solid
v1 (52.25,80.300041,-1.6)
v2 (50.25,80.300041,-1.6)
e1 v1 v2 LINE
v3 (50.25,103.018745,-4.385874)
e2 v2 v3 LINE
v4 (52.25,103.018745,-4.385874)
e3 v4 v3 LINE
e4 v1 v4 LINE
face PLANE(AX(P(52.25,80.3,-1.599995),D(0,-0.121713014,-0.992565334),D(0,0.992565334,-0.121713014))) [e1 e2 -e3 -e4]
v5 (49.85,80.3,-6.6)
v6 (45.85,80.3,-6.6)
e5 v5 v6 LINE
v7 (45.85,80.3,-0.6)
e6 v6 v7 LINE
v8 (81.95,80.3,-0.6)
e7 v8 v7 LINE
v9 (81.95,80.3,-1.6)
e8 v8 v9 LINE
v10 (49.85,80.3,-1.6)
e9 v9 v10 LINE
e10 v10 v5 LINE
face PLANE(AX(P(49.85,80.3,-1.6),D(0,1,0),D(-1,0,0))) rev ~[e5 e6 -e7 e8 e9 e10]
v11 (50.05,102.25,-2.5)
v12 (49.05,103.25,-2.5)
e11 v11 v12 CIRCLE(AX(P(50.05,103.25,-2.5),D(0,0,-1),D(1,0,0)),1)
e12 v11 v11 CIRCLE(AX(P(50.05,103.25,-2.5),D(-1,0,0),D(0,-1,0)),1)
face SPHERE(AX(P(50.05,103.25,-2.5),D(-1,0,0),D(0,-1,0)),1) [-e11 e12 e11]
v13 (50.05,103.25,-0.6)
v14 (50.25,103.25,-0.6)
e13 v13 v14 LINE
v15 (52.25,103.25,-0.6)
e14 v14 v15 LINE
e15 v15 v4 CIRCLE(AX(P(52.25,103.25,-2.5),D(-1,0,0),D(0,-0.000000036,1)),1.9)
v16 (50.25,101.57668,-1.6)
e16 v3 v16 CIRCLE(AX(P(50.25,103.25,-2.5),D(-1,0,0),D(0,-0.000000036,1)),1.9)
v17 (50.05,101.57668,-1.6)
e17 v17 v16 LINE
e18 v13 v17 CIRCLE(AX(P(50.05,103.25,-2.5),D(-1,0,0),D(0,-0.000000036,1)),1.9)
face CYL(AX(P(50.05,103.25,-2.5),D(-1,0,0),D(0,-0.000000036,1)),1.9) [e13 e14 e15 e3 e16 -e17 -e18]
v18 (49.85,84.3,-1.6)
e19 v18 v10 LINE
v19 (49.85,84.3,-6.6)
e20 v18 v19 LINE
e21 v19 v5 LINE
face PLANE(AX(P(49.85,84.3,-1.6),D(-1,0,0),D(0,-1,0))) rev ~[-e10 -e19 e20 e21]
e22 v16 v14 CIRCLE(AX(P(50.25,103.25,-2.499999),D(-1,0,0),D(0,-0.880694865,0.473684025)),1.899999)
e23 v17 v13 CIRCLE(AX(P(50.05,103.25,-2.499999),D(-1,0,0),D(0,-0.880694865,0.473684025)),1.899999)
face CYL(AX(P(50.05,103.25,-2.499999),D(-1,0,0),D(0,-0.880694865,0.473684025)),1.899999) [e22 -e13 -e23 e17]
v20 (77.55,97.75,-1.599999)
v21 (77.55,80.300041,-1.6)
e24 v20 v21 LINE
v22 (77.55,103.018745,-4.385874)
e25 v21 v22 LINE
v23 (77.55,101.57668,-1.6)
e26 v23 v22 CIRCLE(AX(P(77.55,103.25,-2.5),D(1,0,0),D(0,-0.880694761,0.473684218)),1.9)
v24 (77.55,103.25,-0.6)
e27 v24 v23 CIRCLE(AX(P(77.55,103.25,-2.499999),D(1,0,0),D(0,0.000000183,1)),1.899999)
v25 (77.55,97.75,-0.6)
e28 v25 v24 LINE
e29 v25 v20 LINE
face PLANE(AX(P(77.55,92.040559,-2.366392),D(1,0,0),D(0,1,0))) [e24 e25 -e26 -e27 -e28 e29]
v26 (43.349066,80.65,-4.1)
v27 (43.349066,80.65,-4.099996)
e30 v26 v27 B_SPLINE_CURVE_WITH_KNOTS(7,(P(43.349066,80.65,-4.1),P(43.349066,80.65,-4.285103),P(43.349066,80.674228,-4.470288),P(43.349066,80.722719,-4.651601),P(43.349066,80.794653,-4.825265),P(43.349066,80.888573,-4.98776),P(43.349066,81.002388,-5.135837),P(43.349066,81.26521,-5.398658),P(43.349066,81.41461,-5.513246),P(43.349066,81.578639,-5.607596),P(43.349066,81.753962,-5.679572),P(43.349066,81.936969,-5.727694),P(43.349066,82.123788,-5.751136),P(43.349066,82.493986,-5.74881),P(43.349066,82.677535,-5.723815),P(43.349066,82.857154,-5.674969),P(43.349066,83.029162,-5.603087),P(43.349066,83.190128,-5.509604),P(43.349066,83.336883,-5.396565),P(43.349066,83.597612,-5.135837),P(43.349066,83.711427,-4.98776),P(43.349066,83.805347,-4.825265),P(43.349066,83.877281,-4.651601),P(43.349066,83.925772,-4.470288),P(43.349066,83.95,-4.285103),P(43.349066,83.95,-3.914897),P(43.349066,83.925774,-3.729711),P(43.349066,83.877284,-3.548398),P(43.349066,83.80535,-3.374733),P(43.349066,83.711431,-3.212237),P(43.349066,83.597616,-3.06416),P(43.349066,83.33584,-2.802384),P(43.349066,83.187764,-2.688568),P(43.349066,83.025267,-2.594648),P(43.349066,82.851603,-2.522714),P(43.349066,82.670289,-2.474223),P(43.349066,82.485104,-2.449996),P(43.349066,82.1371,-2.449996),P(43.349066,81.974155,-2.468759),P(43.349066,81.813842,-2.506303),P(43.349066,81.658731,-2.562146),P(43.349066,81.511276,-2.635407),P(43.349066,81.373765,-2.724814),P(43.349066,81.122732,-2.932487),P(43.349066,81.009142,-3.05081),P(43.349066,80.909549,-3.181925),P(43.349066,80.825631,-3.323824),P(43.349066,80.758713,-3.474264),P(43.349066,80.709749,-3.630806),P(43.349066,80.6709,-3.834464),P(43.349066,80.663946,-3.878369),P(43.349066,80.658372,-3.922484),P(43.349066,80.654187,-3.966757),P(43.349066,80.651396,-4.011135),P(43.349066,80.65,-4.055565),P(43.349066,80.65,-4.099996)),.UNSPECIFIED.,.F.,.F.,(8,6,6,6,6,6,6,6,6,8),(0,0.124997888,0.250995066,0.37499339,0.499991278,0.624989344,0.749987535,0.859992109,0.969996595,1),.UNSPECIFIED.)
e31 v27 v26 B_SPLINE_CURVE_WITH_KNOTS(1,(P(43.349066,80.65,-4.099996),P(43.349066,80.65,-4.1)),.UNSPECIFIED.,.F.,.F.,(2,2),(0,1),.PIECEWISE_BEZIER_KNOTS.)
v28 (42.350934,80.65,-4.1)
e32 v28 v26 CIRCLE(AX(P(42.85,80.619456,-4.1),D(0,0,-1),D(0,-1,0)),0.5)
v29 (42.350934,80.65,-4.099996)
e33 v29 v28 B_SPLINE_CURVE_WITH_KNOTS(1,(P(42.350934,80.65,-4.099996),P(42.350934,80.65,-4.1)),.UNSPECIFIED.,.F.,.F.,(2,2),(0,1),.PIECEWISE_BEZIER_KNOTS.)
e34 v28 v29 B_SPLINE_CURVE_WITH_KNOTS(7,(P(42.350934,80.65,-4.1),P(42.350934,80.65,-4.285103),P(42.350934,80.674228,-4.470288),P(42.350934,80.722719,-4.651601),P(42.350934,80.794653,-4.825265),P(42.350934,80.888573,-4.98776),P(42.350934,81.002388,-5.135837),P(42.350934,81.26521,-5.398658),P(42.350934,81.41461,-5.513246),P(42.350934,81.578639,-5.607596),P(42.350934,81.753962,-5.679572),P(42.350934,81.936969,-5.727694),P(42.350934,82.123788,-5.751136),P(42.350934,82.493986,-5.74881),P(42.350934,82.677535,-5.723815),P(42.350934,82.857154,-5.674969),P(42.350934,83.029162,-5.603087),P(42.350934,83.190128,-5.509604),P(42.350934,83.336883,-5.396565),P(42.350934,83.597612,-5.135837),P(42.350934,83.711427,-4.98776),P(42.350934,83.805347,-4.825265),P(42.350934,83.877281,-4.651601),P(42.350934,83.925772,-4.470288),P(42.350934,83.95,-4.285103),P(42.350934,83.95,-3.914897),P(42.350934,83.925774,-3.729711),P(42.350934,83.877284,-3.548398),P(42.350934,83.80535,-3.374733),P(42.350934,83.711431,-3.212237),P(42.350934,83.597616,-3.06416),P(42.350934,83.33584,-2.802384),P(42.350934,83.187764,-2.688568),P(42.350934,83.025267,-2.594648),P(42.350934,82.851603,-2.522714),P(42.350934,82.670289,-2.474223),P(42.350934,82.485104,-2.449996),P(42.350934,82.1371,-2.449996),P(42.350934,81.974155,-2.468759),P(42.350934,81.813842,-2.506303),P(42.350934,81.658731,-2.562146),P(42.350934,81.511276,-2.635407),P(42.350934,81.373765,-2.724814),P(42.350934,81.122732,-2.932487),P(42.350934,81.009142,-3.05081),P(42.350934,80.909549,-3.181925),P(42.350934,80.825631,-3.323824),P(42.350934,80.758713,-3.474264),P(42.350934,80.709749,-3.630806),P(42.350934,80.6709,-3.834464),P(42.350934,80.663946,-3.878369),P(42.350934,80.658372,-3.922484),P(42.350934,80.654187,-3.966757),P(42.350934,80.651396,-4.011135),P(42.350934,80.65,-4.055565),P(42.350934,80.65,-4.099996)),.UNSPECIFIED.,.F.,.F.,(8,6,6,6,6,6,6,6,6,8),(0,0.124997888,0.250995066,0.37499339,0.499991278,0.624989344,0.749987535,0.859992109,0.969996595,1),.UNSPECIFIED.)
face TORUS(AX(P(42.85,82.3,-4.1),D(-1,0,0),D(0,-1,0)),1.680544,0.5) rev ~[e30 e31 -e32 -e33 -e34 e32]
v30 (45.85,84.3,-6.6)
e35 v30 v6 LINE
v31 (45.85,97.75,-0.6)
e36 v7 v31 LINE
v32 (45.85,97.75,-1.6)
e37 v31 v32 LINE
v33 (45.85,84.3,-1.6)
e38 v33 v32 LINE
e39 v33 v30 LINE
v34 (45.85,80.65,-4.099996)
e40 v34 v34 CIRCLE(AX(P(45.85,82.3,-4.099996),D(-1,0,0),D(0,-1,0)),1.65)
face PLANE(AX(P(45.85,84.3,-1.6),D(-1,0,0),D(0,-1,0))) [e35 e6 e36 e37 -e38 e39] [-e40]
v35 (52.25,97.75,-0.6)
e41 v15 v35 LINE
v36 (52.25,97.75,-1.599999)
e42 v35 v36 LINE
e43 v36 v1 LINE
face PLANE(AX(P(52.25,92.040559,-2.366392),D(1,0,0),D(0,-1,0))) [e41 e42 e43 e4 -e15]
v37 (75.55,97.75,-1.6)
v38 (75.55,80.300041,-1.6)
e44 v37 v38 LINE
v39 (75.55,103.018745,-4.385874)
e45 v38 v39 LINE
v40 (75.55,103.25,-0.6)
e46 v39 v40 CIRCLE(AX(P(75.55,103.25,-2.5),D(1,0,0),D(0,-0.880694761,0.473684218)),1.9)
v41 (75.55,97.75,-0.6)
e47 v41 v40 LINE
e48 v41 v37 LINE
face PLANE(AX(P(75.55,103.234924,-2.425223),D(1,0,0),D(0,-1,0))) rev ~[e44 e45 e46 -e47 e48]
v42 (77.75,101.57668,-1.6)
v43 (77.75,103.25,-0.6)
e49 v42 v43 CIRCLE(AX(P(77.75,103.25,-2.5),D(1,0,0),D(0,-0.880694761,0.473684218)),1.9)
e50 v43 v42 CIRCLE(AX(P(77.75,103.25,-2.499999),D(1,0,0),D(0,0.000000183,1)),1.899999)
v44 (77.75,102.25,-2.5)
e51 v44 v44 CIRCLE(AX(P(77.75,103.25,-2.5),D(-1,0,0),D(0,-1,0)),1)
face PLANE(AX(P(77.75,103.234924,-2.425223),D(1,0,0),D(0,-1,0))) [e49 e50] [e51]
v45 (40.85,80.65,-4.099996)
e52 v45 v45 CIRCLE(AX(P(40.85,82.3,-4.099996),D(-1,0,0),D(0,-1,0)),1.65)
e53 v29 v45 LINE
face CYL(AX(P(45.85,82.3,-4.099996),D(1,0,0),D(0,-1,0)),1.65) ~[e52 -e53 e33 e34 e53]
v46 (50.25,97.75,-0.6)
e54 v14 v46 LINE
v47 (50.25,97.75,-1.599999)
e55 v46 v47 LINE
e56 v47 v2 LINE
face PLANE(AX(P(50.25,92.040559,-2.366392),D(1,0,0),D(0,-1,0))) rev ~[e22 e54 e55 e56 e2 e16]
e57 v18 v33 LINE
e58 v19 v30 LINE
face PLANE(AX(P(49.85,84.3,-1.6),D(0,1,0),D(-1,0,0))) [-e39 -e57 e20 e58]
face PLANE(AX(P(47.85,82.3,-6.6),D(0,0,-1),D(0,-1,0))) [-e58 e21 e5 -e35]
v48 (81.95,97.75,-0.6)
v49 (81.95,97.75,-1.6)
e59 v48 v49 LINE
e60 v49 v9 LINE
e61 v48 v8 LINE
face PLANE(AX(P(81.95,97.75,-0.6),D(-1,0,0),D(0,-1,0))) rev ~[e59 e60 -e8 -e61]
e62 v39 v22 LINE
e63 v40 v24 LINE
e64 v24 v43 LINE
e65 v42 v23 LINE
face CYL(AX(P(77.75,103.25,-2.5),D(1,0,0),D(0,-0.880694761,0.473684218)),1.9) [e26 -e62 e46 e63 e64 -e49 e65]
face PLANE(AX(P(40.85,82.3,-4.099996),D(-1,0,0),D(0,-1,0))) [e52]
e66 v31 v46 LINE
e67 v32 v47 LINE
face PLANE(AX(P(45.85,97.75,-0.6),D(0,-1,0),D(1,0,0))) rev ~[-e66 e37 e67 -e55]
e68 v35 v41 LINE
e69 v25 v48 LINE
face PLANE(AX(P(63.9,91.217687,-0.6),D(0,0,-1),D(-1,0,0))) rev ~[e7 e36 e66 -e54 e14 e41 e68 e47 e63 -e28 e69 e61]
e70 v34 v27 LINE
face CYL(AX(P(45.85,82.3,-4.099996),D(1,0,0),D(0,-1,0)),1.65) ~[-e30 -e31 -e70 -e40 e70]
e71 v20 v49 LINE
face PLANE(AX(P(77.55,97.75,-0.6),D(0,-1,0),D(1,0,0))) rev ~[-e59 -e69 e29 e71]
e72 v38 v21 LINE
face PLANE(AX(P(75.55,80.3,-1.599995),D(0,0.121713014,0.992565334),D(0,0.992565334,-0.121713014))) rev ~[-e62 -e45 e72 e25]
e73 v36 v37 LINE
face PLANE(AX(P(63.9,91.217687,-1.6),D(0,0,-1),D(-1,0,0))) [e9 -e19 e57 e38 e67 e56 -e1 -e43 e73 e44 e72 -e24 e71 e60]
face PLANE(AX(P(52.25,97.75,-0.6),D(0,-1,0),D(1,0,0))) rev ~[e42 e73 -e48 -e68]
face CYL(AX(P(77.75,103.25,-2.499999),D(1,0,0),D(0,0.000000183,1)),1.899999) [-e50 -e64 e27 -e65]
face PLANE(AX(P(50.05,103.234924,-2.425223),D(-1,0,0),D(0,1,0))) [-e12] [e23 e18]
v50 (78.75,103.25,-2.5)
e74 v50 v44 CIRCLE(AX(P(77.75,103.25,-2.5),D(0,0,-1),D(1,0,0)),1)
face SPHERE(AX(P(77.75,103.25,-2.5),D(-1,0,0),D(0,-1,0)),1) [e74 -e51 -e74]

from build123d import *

# Parameters (mm, degrees)
PAD038_DEPTH             = 1
PAD039_DEPTH             = 2.2
POCKET022_DEPTH          = 0.2
PAD040_DEPTH             = 2.2
POCKET023_DEPTH          = 0.2
SKETCH063_W              = 4
SKETCH063_H              = 4
PAD041_DEPTH             = 5
SKETCH064_R              = 1.65
PAD042_DEPTH             = 5
SKETCH065_R              = 0.5
PAD084_DEPTH             = 2
PAD085_DEPTH             = 2
CLONE003_PLACEMENT_ANGLE = 180


with BuildPart() as part:
    # Sketch058 (on DatumPlane) → Pad038 (new body)
    with BuildSketch(Plane(origin=(0, 0, -0.6), x_dir=(1, 0, 0), z_dir=(0, 0, -1))):
        Polygon((45.85, -61.65), (45.85, -79.1), (81.95, -79.1), (81.95, -61.65), (77.55, -61.65), (77.55, -58.65), (77.75, -58.65), (77.75, -56.15), (75.55, -56.15), (75.55, -61.65), (52.25, -61.65), (52.25, -56.15), (50.05, -56.15), (50.05, -58.65), (50.25, -58.65), (50.25, -61.65), align=None)
    extrude(amount=PAD038_DEPTH)

    # Sketch059 (on Face13 of Pad038) → Pad039 (join)
    with BuildSketch(Plane(origin=(50.05, 0, -0.6), x_dir=(0, 1, 0), z_dir=(-1, 0, 0))):
        with BuildLine():
            ThreePointArc((57.82332, 1), (55.175321, 3.530951), (56.15, 0))
            Line((56.15, 1), (56.15, 0))
            Line((57.82332, 1), (56.15, 1))
        make_face()
    extrude(amount=-PAD039_DEPTH)

    # Sketch060 (on Face18 of Pad039) → Pocket022 (cut)
    with BuildSketch(Plane(origin=(50.05, 0, -0.6), x_dir=(0, 1, 0), z_dir=(-1, 0, 0))):
        with BuildLine():
            ThreePointArc((56.15, 0), (57.124679, 0.269049), (57.82332, 1))
            Line((57.82332, 1), (58.65, 1))
            Line((58.65, 1), (58.65, 0))
            Line((58.65, 0), (56.15, 0))
        make_face()
    extrude(amount=-POCKET022_DEPTH, mode=Mode.SUBTRACT)

    # Sketch061 (on Face10 of Pocket022) → Pad040 (join)
    with BuildSketch(Plane(origin=(77.75, 0, -0.6), x_dir=(0, -1, 0), z_dir=(1, 0, 0))):
        with BuildLine():
            ThreePointArc((-56.15, 0), (-55.175321, 3.530951), (-57.82332, 1))
            Line((-57.82332, 1), (-56.15, 1))
            Line((-56.15, 1), (-56.15, 0))
        make_face()
    extrude(amount=-PAD040_DEPTH)

    # Sketch062 (on Face16 of Pad040) → Pocket023 (cut)
    with BuildSketch(Plane(origin=(77.75, 0, -0.6), x_dir=(0, -1, 0), z_dir=(1, 0, 0))):
        with BuildLine():
            ThreePointArc((-57.82332, 1), (-57.124679, 0.269049), (-56.15, 0))
            Line((-58.65, 0), (-56.15, 0))
            Line((-58.65, 1), (-58.65, 0))
            Line((-57.82332, 1), (-58.65, 1))
        make_face()
    extrude(amount=-POCKET023_DEPTH, mode=Mode.SUBTRACT)

    # Sphere004 → Sphere004 (revolve)
    with BuildSketch(Plane(origin=(50.05, 56.15, -2.5), x_dir=(0, 1, 0), z_dir=(0, 0, -1))):
        with BuildLine():
            ThreePointArc((0, -1), (1, 0), (0, 1))
            Line((0, 1), (0, -1))
        make_face()
    revolve(axis=Axis((50.05, 56.15, -2.5), (1, 0, 0)))

    # Sphere005 → Sphere005 (revolve)
    with BuildSketch(Plane(origin=(77.75, 56.15, -2.5), x_dir=(0, 1, 0), z_dir=(0, 0, -1))):
        with BuildLine():
            ThreePointArc((0, -1), (1, 0), (0, 1))
            Line((0, 1), (0, -1))
        make_face()
    revolve(axis=Axis((77.75, 56.15, -2.5), (1, 0, 0)))

    # Sketch063 (on Face5 of Sphere005) → Pad041 (join)
    with BuildSketch(Plane(origin=(77.75, 56.15, -1.6), x_dir=(0, 1, 0), z_dir=(0, 0, -1))):
        with Locations((20.95, 2.2)):
            Rectangle(SKETCH063_W, SKETCH063_H)
    extrude(amount=PAD041_DEPTH)

    # Sketch064 (on Face21 of Pad041) → Pad042 (join)
    with BuildSketch(Plane(origin=(81.95, 56.15, -2.5), x_dir=(0, 1, 0), z_dir=(1, 0, 0))):
        with Locations((20.95, -1.599996)):
            Circle(SKETCH064_R)
    extrude(amount=PAD042_DEPTH)

    # Sketch065 (on DatumPlane) → Groove002 (revolve, cut)
    with BuildSketch(Plane(origin=(84.45, 77.1, -4.1), x_dir=(0, 1, 0), z_dir=(0, 0, -1))):
        with Locations((1.680544, 0.5)):
            Circle(SKETCH065_R)
    revolve(axis=Axis((84.45, 77.1, -4.1), (1, 0, 0)), mode=Mode.SUBTRACT)

    # Sketch107 (on Face15 of Groove002) → Pad084 (join)
    with BuildSketch(Plane(origin=(52.25, 56.15, -2.5), x_dir=(0, 1, 0), z_dir=(1, 0, 0))):
        Polygon((22.95, 0.900005), (0.231255, -1.885874), (1.67332, 0.9), align=None)
    extrude(amount=-PAD084_DEPTH)

    # Sketch108 (on Face14 of Pad084) → Pad085 (join)
    with BuildSketch(Plane(origin=(75.55, 56.15, -2.5), x_dir=(0, 1, 0), z_dir=(-1, 0, 0))):
        Polygon((1.67332, -0.9), (22.95, -0.900005), (0.231255, 1.885874), align=None)
    extrude(amount=-PAD085_DEPTH)


with BuildPart() as part_1:
    # Clone003 placement: moved
    add(part.part.moved(Location((91.8, 159.4, 0))).rotate(Axis((91.8, 159.4, 0), (0, 0, -1)), CLONE003_PLACEMENT_ANGLE))


with BuildPart() as part_2:
    # Body021 placement: moved
    add(part_1.part.moved(Location((36, 0, 0))))


solid = part_2.part
